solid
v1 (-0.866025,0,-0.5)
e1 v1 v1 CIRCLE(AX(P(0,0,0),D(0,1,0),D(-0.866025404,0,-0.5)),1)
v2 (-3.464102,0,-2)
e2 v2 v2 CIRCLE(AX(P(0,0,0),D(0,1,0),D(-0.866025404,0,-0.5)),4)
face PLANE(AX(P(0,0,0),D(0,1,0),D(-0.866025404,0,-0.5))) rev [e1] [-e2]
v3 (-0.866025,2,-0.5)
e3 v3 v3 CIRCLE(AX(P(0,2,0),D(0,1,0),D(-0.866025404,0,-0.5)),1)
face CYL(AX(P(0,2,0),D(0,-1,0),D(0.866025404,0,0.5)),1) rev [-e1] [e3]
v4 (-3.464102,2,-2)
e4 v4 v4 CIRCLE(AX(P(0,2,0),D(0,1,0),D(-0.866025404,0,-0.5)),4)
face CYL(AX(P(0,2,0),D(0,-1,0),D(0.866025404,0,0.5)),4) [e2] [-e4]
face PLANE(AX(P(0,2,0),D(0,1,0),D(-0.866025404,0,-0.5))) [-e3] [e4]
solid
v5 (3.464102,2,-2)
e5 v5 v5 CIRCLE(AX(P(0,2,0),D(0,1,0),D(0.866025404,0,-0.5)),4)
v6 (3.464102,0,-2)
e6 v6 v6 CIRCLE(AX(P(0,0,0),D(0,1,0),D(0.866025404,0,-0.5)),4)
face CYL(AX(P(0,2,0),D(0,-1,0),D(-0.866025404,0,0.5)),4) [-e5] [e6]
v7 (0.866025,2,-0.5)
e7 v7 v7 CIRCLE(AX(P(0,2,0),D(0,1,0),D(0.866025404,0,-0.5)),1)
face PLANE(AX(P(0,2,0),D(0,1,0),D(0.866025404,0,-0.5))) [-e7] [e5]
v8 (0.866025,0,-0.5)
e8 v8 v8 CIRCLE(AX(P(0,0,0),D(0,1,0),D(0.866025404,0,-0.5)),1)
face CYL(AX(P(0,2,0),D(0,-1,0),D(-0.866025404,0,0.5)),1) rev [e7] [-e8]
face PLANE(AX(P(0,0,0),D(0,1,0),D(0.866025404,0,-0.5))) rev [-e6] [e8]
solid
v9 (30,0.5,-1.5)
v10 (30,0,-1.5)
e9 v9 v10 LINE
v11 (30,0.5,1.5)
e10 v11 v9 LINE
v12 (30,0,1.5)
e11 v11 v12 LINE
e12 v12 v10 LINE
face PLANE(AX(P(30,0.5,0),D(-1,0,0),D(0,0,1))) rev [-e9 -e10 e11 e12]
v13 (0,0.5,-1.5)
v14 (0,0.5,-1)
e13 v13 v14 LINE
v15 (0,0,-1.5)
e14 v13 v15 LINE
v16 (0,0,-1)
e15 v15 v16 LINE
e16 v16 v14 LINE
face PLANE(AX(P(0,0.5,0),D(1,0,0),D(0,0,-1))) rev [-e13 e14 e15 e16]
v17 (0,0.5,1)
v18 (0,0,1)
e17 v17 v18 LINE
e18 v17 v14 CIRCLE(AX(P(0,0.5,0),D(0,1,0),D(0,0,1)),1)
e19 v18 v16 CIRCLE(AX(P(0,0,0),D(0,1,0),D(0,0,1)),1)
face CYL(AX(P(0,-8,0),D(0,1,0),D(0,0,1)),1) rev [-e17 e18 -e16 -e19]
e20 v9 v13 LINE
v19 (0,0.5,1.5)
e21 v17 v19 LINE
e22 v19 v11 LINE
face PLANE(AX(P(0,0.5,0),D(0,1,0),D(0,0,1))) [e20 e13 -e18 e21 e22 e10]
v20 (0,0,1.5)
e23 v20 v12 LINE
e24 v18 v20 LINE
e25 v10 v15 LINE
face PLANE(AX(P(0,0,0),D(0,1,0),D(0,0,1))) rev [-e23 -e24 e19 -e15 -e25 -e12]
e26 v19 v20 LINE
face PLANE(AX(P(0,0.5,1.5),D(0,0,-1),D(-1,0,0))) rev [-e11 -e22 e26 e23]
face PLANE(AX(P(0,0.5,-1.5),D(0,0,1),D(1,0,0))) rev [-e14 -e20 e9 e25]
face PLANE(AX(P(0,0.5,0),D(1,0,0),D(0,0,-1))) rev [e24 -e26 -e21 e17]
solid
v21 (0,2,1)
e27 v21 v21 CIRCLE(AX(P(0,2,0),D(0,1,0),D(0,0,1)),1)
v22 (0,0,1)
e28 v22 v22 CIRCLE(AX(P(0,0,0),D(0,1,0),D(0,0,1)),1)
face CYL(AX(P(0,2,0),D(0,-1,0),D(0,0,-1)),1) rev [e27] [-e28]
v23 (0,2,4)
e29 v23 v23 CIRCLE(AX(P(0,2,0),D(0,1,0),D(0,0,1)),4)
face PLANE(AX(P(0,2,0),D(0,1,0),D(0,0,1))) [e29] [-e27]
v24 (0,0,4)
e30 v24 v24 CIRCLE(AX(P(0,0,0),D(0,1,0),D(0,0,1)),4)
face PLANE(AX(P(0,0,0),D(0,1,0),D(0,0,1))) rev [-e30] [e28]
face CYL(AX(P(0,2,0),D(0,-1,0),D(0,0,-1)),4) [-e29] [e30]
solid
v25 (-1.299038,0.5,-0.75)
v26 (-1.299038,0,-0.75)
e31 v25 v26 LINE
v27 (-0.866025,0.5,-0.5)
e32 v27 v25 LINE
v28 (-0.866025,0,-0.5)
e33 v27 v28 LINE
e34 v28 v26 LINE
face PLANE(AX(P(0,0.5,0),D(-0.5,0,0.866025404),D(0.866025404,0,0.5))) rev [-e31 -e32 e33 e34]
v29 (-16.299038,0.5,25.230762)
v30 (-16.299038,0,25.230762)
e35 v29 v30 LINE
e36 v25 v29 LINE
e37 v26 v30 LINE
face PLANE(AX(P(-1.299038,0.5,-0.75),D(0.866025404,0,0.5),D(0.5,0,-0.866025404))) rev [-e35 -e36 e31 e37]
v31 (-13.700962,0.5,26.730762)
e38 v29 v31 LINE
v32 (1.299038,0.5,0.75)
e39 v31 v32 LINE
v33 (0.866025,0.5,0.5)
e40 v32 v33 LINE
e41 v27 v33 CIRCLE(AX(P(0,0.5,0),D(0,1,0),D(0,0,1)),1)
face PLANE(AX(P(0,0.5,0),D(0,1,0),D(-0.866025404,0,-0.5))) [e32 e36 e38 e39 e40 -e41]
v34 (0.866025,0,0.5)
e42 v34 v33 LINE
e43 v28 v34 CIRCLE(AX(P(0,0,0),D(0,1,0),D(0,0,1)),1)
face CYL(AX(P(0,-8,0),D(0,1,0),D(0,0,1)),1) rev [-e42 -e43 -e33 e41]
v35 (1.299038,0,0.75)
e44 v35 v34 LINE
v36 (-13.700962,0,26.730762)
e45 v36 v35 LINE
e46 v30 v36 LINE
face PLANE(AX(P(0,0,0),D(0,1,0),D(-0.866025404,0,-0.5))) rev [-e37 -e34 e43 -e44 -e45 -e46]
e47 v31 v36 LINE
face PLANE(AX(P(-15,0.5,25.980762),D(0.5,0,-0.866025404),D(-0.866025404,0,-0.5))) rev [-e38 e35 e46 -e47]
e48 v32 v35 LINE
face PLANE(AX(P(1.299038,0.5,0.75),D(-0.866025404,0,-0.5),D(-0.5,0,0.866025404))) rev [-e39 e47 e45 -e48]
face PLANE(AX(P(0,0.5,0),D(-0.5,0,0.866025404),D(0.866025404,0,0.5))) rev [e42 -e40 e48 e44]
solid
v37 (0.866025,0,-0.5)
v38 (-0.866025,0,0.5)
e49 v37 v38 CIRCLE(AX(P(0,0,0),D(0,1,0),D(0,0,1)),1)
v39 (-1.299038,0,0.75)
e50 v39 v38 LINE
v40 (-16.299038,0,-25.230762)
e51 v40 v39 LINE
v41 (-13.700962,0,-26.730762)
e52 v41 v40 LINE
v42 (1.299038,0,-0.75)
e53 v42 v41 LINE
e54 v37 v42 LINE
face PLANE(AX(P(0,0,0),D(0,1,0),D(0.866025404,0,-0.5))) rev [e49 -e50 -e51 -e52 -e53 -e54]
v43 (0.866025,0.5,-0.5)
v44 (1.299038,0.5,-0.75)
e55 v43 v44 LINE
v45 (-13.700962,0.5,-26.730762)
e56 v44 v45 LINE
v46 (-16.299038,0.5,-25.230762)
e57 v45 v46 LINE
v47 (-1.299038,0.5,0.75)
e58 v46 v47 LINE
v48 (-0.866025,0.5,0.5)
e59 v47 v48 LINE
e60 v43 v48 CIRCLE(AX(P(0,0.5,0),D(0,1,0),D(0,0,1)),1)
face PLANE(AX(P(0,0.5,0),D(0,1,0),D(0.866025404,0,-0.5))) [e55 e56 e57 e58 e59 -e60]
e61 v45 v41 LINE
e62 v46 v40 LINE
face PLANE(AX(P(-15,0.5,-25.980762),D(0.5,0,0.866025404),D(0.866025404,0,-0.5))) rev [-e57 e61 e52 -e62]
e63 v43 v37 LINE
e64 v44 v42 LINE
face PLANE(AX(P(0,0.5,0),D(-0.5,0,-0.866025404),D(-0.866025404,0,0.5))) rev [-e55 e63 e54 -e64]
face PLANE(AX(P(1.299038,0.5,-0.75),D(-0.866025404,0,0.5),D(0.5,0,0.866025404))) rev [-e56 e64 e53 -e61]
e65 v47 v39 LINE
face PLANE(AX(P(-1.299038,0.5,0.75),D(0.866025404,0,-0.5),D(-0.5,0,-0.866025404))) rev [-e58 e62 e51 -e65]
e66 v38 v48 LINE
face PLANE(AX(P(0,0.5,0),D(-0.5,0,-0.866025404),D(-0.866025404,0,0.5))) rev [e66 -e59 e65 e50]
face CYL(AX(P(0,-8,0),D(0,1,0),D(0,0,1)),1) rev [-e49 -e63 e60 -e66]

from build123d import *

# Parameters (mm, degrees)
SKETCH1_R           = 4
SKETCH1_R_2         = 1
BOSS_EXTRUDE1_DEPTH = 2
CIRPATTERN2_COUNT   = 3
BOSS_EXTRUDE5_START = -2
SKETCH5_W           = 30
SKETCH5_H           = 3
BOSS_EXTRUDE5_DEPTH = 0.5
CIRPATTERN4_COUNT   = 3
SKETCH6_R           = 1
CUT_EXTRUDE1_DEPTH  = 10


with BuildPart() as part:
    # Sketch1 → Boss-Extrude1 (new body)
    with BuildSketch(Plane(origin=(0, 0, 0), x_dir=(1, 0, 0), z_dir=(0, 1, 0))):
        Circle(SKETCH1_R)
        Circle(SKETCH1_R_2, mode=Mode.SUBTRACT)
    extrude(amount=BOSS_EXTRUDE1_DEPTH)


with BuildPart() as cirpattern2_1:
    # CirPattern2: pattern copy
    add(part.part.rotate(Axis((0, 2, 0), (0, 1, 0)), 1 * 360 / CIRPATTERN2_COUNT))


with BuildPart() as cirpattern2_2:
    # CirPattern2: pattern copy
    add(part.part.rotate(Axis((0, 2, 0), (0, 1, 0)), 2 * 360 / CIRPATTERN2_COUNT))


with BuildPart() as body_4:
    # Sketch5 → Boss-Extrude5 (new body)
    with BuildSketch(Plane(origin=(0, 2, 0), x_dir=(1, 0, 0), z_dir=(0, 1, 0)).offset(BOSS_EXTRUDE5_START)):
        with Locations((15, 0)):
            Rectangle(SKETCH5_W, SKETCH5_H)
    extrude(amount=BOSS_EXTRUDE5_DEPTH)


with BuildPart() as cirpattern4_1:
    # CirPattern4: pattern copy
    add(body_4.part.rotate(Axis((0, 0, 0), (0, 1, 0)), 1 * 360 / CIRPATTERN4_COUNT))


with BuildPart() as cirpattern4_2:
    # CirPattern4: pattern copy
    add(body_4.part.rotate(Axis((0, 0, 0), (0, 1, 0)), 2 * 360 / CIRPATTERN4_COUNT))


with BuildPart() as cut_extrude1_tool:
    # Sketch6 → Cut-Extrude1 (new body)
    with BuildSketch(Plane(origin=(0, 2, 0), x_dir=(1, 0, 0), z_dir=(0, 1, 0))):
        Circle(SKETCH6_R)
    extrude(amount=-CUT_EXTRUDE1_DEPTH)


with BuildPart() as body_4_1:
    add(body_4.part)

    # Cut-Extrude1: cut by cut_extrude1_tool
    add(cut_extrude1_tool.part, mode=Mode.SUBTRACT)


with BuildPart() as cirpattern4_1_1:
    add(cirpattern4_1.part)

    # Cut-Extrude1: cut by cut_extrude1_tool
    add(cut_extrude1_tool.part, mode=Mode.SUBTRACT)


with BuildPart() as cirpattern4_2_1:
    add(cirpattern4_2.part)

    # Cut-Extrude1: cut by cut_extrude1_tool
    add(cut_extrude1_tool.part, mode=Mode.SUBTRACT)


solid = Compound([part.part, cirpattern2_1.part, cirpattern2_2.part, body_4_1.part, cirpattern4_1_1.part, cirpattern4_2_1.part])
